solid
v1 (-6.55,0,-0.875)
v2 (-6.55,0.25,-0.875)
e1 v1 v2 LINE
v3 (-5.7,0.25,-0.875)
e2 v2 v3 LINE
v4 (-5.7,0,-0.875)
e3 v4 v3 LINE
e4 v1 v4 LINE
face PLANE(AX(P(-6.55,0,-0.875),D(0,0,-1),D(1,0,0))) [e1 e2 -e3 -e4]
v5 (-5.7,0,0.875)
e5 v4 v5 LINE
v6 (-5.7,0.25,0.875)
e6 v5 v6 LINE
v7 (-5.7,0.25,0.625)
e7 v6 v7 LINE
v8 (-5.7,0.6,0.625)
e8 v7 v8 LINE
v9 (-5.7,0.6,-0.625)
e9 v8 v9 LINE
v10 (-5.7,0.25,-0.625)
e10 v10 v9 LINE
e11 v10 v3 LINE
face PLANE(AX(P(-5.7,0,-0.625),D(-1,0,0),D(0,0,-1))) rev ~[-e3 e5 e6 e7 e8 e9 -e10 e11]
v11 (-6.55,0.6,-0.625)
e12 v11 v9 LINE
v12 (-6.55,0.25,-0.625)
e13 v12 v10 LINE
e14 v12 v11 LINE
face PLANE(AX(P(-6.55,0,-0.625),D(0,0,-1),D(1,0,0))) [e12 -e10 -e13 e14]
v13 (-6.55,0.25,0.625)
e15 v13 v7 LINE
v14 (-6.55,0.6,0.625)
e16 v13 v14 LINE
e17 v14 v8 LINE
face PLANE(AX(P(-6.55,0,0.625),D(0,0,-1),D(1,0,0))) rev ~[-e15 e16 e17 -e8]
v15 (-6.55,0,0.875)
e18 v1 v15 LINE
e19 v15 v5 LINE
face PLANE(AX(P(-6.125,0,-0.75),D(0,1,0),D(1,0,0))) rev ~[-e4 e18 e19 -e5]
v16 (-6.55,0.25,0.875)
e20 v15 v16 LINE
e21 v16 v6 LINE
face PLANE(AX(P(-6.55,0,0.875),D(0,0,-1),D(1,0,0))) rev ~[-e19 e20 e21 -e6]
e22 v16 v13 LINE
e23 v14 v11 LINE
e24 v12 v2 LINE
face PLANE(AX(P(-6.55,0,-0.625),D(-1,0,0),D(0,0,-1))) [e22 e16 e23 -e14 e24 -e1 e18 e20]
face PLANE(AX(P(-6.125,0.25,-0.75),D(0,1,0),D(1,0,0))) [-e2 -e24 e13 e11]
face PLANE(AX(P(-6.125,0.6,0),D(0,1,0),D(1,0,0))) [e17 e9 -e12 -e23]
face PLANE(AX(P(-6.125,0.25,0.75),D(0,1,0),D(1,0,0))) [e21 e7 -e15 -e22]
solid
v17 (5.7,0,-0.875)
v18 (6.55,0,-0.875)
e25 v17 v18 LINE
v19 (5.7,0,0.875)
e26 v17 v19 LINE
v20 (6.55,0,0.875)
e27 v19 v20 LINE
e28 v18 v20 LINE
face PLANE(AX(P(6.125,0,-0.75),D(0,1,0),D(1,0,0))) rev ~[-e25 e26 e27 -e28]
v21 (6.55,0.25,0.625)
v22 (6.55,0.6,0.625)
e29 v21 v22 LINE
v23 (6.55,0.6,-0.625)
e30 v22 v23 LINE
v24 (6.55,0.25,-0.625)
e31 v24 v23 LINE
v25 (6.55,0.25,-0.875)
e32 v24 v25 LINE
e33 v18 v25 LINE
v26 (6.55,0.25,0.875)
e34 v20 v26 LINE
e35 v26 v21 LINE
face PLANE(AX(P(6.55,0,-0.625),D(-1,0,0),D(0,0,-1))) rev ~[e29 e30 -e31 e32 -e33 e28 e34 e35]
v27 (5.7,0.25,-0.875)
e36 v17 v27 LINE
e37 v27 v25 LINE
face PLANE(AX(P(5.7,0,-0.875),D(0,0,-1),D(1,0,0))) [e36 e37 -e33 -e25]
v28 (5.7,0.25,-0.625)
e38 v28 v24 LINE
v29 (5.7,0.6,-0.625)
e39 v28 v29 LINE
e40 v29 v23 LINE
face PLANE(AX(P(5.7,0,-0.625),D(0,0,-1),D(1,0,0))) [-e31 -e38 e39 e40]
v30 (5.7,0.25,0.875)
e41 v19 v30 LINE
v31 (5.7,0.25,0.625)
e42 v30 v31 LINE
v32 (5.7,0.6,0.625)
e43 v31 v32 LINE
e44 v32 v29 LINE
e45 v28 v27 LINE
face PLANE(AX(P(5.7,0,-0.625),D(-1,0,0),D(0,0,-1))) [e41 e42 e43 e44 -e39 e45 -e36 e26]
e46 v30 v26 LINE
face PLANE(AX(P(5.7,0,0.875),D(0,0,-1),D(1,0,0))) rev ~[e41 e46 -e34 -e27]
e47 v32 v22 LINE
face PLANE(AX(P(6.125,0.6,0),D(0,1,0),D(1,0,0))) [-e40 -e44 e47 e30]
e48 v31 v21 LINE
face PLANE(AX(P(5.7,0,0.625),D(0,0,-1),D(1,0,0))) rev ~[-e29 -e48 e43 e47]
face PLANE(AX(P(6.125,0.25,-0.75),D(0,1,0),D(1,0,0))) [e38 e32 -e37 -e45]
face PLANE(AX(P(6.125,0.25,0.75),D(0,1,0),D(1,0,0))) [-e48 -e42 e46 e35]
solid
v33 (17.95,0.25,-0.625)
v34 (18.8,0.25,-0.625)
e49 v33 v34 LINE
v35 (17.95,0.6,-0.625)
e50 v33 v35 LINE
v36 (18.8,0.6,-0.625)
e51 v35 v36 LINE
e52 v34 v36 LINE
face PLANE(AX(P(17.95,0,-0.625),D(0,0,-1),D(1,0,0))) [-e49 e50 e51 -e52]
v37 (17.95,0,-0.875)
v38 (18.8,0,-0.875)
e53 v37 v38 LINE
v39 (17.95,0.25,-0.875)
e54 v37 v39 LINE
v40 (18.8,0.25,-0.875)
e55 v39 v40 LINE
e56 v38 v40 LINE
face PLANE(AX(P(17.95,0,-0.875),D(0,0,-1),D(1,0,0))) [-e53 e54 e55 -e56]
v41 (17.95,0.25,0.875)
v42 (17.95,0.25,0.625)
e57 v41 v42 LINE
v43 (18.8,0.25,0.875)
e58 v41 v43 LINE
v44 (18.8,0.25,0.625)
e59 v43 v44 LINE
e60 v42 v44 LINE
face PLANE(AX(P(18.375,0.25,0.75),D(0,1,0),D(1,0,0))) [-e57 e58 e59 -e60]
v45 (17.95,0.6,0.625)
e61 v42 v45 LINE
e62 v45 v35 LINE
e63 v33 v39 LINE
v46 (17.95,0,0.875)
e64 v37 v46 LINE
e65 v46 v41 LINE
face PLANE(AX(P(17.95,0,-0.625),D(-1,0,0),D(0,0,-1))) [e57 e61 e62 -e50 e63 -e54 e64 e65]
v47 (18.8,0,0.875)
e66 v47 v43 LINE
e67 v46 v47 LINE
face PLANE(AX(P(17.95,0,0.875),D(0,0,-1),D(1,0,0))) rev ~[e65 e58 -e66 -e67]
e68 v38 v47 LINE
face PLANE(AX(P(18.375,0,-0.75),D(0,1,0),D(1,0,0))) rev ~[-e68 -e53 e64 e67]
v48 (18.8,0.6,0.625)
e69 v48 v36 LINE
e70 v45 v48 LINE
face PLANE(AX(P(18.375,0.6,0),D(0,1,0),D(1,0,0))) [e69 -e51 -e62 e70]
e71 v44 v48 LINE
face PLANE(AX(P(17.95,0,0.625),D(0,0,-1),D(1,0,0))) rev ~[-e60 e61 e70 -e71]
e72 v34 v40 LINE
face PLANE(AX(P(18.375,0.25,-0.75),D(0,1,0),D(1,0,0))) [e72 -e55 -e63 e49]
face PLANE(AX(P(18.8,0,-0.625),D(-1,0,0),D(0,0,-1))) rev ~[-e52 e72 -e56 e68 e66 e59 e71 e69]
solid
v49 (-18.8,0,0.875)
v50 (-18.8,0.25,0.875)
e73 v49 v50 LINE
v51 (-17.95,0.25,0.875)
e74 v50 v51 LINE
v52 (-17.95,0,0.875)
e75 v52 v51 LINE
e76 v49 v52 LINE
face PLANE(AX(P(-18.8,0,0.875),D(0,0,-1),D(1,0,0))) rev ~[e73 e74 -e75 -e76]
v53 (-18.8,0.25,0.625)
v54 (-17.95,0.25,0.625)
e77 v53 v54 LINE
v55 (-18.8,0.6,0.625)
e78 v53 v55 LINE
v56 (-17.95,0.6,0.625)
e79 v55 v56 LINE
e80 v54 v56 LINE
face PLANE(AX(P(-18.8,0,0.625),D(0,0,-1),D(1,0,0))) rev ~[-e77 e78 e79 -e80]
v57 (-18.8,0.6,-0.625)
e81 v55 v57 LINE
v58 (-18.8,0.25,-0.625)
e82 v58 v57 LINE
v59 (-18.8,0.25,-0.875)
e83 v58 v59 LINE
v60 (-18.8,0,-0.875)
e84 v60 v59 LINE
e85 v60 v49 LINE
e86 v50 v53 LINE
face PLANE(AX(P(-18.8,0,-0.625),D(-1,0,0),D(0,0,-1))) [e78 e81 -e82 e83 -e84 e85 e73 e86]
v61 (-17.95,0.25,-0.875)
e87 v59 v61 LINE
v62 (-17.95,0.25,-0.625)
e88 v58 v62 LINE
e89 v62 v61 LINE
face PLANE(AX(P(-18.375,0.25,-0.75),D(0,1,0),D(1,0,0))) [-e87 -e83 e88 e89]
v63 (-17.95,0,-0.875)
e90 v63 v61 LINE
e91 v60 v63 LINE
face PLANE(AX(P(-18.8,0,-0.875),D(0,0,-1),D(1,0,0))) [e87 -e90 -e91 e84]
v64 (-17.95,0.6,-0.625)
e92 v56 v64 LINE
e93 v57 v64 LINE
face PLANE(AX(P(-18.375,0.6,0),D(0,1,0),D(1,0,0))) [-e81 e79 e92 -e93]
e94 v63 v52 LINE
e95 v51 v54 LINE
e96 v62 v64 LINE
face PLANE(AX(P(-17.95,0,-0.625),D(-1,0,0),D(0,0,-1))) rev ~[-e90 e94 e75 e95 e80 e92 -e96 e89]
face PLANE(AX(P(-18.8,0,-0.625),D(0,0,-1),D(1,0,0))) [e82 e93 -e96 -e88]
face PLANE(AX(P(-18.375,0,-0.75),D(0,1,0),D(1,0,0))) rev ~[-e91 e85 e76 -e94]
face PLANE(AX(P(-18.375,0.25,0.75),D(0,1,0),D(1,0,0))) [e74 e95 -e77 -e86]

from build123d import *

# Parameters (mm, degrees)
SKETCH1_W             = 0.85
SKETCH1_H             = 1.25
BOSS_EXTRUDE1_DEPTH   = 0.6
BOSS_EXTRUDE1_2_DEPTH = 0.6
BOSS_EXTRUDE1_3_DEPTH = 0.6
BOSS_EXTRUDE1_4_DEPTH = 0.6
SKETCH2_W             = 0.85
SKETCH2_H             = 0.25
BOSS_EXTRUDE2_DEPTH   = 0.25


with BuildPart() as part:
    # Sketch1 → Boss-Extrude1 (new body)
    with BuildSketch(Plane(origin=(0, 0, 0), x_dir=(1, 0, 0), z_dir=(0, 1, 0))):
        with Locations((-18.375, 0)):
            Rectangle(SKETCH1_W, SKETCH1_H)
    extrude(amount=BOSS_EXTRUDE1_DEPTH)



with BuildPart() as body_2:
    # Sketch1 → Boss-Extrude1 2 (new body)
    with BuildSketch(Plane(origin=(0, 0, 0), x_dir=(1, 0, 0), z_dir=(0, 1, 0))):
        with Locations((18.375, 0)):
            Rectangle(SKETCH1_W, SKETCH1_H)
    extrude(amount=BOSS_EXTRUDE1_2_DEPTH)


with BuildPart() as body_3:
    # Sketch1 → Boss-Extrude1 3 (new body)
    with BuildSketch(Plane(origin=(0, 0, 0), x_dir=(1, 0, 0), z_dir=(0, 1, 0))):
        with Locations((-6.125, 0)):
            Rectangle(SKETCH1_W, SKETCH1_H)
    extrude(amount=BOSS_EXTRUDE1_3_DEPTH)


with BuildPart() as body_4:
    # Sketch1 → Boss-Extrude1 4 (new body)
    with BuildSketch(Plane(origin=(0, 0, 0), x_dir=(1, 0, 0), z_dir=(0, 1, 0))):
        with Locations((6.125, 0)):
            Rectangle(SKETCH1_W, SKETCH1_H)
    extrude(amount=BOSS_EXTRUDE1_4_DEPTH)


with BuildPart() as part_1:
    add(part.part)

    add(body_2.part)  # Boss-Extrude2 merges body 2

    add(body_3.part)  # Boss-Extrude2 merges body 3

    add(body_4.part)  # Boss-Extrude2 merges body 4
    # Sketch2 → Boss-Extrude2 (add)
    with BuildSketch(Plane(origin=(0, 0, 0), x_dir=(1, 0, 0), z_dir=(0, 1, 0))):
        with Locations((-18.375, 0.75)):
            Rectangle(SKETCH2_W, SKETCH2_H)
        with Locations((-6.125, 0.75)):
            Rectangle(SKETCH2_W, SKETCH2_H)
        with Locations((6.125, 0.75)):
            Rectangle(SKETCH2_W, SKETCH2_H)
        with Locations((18.375, 0.75)):
            Rectangle(SKETCH2_W, SKETCH2_H)
        with Locations((18.375, -0.75)):
            Rectangle(SKETCH2_W, SKETCH2_H)
        with Locations((6.125, -0.75)):
            Rectangle(SKETCH2_W, SKETCH2_H)
        with Locations((-6.125, -0.75)):
            Rectangle(SKETCH2_W, SKETCH2_H)
        with Locations((-18.375, -0.75)):
            Rectangle(SKETCH2_W, SKETCH2_H)
    extrude(amount=BOSS_EXTRUDE2_DEPTH)


solid = part_1.part
